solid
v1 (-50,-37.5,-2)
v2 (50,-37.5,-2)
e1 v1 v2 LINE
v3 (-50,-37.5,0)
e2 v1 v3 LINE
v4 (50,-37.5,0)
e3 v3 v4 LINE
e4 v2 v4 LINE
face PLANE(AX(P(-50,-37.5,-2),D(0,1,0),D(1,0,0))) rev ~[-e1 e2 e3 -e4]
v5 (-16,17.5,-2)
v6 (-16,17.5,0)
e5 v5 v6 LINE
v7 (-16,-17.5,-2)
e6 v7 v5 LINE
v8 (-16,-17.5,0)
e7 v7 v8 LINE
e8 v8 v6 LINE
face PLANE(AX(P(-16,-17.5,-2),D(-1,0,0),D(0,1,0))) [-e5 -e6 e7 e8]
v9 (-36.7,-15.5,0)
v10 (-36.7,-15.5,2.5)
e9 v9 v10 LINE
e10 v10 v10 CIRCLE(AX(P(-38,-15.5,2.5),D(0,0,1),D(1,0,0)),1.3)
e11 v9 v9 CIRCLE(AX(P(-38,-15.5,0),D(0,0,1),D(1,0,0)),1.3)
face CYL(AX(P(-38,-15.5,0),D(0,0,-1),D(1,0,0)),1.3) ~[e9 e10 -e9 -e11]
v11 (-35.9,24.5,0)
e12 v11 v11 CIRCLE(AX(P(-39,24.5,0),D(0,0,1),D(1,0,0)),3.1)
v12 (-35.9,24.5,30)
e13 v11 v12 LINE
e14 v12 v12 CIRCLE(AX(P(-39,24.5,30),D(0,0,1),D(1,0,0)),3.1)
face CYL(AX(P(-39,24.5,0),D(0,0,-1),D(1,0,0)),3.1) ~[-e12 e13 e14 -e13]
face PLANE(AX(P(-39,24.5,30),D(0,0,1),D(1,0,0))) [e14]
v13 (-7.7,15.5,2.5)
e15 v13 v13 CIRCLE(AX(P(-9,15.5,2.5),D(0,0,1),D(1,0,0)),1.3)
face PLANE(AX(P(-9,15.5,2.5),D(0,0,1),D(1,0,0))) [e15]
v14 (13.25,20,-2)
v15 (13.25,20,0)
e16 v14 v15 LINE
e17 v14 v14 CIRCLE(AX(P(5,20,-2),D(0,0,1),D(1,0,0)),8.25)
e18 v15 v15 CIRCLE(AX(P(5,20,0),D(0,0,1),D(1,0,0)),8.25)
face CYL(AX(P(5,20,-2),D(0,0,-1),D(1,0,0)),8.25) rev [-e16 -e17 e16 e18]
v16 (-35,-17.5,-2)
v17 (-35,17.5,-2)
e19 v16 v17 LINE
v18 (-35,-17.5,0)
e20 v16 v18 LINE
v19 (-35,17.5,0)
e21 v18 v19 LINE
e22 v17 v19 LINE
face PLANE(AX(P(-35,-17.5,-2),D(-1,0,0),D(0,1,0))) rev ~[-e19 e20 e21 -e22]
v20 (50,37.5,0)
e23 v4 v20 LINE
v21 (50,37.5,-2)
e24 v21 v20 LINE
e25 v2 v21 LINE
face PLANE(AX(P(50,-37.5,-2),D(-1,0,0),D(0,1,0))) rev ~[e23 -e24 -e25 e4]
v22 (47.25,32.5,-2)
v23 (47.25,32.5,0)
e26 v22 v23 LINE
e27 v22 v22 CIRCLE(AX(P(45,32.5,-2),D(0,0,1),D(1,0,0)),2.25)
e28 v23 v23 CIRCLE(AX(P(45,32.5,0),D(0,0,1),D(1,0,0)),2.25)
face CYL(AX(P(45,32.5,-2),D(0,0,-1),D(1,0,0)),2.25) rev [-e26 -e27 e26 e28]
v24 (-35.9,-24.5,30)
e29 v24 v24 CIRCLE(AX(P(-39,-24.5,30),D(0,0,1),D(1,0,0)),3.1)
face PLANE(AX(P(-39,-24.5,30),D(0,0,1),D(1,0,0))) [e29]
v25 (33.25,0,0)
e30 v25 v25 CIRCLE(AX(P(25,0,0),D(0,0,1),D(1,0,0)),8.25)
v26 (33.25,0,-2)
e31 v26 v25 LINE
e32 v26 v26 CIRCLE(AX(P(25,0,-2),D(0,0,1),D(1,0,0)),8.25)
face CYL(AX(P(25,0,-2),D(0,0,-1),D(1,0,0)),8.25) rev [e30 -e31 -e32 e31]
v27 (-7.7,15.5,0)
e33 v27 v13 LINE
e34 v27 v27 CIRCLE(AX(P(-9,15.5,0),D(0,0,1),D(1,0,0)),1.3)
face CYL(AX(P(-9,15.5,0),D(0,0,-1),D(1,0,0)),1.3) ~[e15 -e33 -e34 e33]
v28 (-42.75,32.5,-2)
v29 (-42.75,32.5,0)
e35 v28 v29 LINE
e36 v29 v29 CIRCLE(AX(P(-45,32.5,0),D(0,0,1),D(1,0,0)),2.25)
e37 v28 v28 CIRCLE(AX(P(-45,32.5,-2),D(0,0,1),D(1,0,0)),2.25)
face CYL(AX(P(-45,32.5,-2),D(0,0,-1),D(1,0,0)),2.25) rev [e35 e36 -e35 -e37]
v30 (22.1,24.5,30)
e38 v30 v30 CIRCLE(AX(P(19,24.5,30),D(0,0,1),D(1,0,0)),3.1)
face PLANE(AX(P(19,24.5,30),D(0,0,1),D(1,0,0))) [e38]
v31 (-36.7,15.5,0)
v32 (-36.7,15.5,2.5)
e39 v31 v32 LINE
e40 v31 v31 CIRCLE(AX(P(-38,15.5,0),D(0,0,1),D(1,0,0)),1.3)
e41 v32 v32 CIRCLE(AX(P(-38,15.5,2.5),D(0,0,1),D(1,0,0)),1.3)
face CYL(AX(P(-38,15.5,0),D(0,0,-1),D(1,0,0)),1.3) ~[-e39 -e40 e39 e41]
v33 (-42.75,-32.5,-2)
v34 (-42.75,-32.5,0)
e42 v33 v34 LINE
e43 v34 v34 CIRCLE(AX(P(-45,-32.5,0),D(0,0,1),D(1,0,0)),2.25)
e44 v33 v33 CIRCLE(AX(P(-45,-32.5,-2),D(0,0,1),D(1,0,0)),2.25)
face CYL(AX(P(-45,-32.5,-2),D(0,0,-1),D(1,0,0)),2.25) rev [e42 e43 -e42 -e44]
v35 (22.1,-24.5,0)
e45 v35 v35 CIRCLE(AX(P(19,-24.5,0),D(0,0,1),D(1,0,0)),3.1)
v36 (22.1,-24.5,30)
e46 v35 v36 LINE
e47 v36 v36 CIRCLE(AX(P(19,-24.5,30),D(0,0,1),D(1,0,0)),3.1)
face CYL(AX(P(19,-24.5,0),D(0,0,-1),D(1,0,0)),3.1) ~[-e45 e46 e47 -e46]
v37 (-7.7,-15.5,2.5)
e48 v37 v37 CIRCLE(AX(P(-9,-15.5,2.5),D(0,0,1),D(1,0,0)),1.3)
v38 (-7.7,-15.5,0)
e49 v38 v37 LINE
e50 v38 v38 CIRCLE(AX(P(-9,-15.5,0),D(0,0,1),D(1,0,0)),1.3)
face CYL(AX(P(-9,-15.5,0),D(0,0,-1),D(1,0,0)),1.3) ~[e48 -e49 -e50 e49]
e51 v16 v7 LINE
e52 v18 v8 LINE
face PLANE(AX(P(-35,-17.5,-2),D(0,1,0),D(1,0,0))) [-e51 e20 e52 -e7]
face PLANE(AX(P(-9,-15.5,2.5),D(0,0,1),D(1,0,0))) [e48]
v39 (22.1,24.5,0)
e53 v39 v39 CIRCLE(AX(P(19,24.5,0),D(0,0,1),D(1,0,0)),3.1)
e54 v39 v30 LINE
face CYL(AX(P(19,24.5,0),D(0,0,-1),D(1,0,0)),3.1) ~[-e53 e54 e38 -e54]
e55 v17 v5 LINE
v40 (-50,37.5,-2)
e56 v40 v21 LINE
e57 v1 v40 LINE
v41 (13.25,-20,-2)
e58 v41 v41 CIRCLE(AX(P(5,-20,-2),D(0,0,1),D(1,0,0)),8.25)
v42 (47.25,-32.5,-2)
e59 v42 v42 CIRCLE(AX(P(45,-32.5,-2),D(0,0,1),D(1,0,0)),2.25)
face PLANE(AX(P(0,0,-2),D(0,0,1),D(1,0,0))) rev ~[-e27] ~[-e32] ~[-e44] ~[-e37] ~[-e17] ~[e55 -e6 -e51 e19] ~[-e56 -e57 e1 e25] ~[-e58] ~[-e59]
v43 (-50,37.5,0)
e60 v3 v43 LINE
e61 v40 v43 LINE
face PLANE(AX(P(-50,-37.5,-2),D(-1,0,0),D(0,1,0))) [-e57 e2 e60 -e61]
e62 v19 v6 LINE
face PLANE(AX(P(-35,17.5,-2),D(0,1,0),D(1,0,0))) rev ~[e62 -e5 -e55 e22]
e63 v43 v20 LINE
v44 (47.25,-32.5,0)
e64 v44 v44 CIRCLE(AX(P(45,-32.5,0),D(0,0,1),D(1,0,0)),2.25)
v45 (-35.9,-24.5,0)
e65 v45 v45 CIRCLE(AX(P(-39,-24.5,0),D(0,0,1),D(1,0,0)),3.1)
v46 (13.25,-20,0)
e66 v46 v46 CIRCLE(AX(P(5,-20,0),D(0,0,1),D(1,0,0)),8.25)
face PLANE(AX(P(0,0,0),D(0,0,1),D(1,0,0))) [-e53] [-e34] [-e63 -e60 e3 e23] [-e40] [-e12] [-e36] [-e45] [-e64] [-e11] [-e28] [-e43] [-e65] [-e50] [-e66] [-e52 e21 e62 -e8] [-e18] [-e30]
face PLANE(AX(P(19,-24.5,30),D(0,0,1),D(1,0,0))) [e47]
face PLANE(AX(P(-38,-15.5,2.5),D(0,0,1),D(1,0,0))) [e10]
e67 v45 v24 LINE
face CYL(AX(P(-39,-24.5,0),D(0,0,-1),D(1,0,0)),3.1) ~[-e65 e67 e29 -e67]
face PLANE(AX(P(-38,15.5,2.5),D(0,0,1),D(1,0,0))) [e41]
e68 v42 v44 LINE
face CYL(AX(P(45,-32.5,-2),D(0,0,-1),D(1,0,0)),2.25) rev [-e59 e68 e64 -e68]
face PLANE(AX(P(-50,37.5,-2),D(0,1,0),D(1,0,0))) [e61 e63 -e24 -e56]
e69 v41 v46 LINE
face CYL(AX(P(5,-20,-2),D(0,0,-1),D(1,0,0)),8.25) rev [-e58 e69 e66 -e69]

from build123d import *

# Parameters (mm, degrees)
SKETCH_W     = 100
SKETCH_H     = 75
SKETCH_R     = 8.25
SKETCH_R_2   = 2.25
SKETCH_W_2   = 19
SKETCH_H_2   = 35
PAD001_DEPTH = 2
SKETCH008_R  = 1.3
PAD006_DEPTH = 2.5
SKETCH009_R  = 3.1
PAD007_DEPTH = 30


with BuildPart() as part:
    # Sketch → Pad001 (new body)
    with BuildSketch(Plane.XY):
        Rectangle(SKETCH_W, SKETCH_H)
        with Locations((5, 20)):
            Circle(SKETCH_R, mode=Mode.SUBTRACT)
        with Locations((5, -20)):
            Circle(SKETCH_R, mode=Mode.SUBTRACT)
        with Locations((-45, 32.5)):
            Circle(SKETCH_R_2, mode=Mode.SUBTRACT)
        with Locations((-45, -32.5)):
            Circle(SKETCH_R_2, mode=Mode.SUBTRACT)
        with Locations((45, 32.5)):
            Circle(SKETCH_R_2, mode=Mode.SUBTRACT)
        with Locations((45, -32.5)):
            Circle(SKETCH_R_2, mode=Mode.SUBTRACT)
        with Locations((25, 0)):
            Circle(SKETCH_R, mode=Mode.SUBTRACT)
        with Locations((-25.5, 0)):
            Rectangle(SKETCH_W_2, SKETCH_H_2, mode=Mode.SUBTRACT)
    extrude(amount=PAD001_DEPTH)

    # Sketch008 (on Face17 of Pad001) → Pad006 (join)
    with BuildSketch(Plane.XY.offset(2)):
        with Locations((-38, 15.5)):
            Circle(SKETCH008_R)
        with Locations((-9, 15.5)):
            Circle(SKETCH008_R)
        with Locations((-38, -15.5)):
            Circle(SKETCH008_R)
        with Locations((-9, -15.5)):
            Circle(SKETCH008_R)
    extrude(amount=PAD006_DEPTH)

    # Sketch009 (on Face5 of Pad006) → Pad007 (join)
    with BuildSketch(Plane.XY.offset(2)):
        with Locations((19, 24.5)):
            Circle(SKETCH009_R)
        with Locations((-39, 24.5)):
            Circle(SKETCH009_R)
        with Locations((-39, -24.5)):
            Circle(SKETCH009_R)
        with Locations((19, -24.5)):
            Circle(SKETCH009_R)
    extrude(amount=PAD007_DEPTH)


with BuildPart() as part_1:
    # Body placement: moved
    add(part.part.moved(Location((0, 0, -2))))


solid = part_1.part
